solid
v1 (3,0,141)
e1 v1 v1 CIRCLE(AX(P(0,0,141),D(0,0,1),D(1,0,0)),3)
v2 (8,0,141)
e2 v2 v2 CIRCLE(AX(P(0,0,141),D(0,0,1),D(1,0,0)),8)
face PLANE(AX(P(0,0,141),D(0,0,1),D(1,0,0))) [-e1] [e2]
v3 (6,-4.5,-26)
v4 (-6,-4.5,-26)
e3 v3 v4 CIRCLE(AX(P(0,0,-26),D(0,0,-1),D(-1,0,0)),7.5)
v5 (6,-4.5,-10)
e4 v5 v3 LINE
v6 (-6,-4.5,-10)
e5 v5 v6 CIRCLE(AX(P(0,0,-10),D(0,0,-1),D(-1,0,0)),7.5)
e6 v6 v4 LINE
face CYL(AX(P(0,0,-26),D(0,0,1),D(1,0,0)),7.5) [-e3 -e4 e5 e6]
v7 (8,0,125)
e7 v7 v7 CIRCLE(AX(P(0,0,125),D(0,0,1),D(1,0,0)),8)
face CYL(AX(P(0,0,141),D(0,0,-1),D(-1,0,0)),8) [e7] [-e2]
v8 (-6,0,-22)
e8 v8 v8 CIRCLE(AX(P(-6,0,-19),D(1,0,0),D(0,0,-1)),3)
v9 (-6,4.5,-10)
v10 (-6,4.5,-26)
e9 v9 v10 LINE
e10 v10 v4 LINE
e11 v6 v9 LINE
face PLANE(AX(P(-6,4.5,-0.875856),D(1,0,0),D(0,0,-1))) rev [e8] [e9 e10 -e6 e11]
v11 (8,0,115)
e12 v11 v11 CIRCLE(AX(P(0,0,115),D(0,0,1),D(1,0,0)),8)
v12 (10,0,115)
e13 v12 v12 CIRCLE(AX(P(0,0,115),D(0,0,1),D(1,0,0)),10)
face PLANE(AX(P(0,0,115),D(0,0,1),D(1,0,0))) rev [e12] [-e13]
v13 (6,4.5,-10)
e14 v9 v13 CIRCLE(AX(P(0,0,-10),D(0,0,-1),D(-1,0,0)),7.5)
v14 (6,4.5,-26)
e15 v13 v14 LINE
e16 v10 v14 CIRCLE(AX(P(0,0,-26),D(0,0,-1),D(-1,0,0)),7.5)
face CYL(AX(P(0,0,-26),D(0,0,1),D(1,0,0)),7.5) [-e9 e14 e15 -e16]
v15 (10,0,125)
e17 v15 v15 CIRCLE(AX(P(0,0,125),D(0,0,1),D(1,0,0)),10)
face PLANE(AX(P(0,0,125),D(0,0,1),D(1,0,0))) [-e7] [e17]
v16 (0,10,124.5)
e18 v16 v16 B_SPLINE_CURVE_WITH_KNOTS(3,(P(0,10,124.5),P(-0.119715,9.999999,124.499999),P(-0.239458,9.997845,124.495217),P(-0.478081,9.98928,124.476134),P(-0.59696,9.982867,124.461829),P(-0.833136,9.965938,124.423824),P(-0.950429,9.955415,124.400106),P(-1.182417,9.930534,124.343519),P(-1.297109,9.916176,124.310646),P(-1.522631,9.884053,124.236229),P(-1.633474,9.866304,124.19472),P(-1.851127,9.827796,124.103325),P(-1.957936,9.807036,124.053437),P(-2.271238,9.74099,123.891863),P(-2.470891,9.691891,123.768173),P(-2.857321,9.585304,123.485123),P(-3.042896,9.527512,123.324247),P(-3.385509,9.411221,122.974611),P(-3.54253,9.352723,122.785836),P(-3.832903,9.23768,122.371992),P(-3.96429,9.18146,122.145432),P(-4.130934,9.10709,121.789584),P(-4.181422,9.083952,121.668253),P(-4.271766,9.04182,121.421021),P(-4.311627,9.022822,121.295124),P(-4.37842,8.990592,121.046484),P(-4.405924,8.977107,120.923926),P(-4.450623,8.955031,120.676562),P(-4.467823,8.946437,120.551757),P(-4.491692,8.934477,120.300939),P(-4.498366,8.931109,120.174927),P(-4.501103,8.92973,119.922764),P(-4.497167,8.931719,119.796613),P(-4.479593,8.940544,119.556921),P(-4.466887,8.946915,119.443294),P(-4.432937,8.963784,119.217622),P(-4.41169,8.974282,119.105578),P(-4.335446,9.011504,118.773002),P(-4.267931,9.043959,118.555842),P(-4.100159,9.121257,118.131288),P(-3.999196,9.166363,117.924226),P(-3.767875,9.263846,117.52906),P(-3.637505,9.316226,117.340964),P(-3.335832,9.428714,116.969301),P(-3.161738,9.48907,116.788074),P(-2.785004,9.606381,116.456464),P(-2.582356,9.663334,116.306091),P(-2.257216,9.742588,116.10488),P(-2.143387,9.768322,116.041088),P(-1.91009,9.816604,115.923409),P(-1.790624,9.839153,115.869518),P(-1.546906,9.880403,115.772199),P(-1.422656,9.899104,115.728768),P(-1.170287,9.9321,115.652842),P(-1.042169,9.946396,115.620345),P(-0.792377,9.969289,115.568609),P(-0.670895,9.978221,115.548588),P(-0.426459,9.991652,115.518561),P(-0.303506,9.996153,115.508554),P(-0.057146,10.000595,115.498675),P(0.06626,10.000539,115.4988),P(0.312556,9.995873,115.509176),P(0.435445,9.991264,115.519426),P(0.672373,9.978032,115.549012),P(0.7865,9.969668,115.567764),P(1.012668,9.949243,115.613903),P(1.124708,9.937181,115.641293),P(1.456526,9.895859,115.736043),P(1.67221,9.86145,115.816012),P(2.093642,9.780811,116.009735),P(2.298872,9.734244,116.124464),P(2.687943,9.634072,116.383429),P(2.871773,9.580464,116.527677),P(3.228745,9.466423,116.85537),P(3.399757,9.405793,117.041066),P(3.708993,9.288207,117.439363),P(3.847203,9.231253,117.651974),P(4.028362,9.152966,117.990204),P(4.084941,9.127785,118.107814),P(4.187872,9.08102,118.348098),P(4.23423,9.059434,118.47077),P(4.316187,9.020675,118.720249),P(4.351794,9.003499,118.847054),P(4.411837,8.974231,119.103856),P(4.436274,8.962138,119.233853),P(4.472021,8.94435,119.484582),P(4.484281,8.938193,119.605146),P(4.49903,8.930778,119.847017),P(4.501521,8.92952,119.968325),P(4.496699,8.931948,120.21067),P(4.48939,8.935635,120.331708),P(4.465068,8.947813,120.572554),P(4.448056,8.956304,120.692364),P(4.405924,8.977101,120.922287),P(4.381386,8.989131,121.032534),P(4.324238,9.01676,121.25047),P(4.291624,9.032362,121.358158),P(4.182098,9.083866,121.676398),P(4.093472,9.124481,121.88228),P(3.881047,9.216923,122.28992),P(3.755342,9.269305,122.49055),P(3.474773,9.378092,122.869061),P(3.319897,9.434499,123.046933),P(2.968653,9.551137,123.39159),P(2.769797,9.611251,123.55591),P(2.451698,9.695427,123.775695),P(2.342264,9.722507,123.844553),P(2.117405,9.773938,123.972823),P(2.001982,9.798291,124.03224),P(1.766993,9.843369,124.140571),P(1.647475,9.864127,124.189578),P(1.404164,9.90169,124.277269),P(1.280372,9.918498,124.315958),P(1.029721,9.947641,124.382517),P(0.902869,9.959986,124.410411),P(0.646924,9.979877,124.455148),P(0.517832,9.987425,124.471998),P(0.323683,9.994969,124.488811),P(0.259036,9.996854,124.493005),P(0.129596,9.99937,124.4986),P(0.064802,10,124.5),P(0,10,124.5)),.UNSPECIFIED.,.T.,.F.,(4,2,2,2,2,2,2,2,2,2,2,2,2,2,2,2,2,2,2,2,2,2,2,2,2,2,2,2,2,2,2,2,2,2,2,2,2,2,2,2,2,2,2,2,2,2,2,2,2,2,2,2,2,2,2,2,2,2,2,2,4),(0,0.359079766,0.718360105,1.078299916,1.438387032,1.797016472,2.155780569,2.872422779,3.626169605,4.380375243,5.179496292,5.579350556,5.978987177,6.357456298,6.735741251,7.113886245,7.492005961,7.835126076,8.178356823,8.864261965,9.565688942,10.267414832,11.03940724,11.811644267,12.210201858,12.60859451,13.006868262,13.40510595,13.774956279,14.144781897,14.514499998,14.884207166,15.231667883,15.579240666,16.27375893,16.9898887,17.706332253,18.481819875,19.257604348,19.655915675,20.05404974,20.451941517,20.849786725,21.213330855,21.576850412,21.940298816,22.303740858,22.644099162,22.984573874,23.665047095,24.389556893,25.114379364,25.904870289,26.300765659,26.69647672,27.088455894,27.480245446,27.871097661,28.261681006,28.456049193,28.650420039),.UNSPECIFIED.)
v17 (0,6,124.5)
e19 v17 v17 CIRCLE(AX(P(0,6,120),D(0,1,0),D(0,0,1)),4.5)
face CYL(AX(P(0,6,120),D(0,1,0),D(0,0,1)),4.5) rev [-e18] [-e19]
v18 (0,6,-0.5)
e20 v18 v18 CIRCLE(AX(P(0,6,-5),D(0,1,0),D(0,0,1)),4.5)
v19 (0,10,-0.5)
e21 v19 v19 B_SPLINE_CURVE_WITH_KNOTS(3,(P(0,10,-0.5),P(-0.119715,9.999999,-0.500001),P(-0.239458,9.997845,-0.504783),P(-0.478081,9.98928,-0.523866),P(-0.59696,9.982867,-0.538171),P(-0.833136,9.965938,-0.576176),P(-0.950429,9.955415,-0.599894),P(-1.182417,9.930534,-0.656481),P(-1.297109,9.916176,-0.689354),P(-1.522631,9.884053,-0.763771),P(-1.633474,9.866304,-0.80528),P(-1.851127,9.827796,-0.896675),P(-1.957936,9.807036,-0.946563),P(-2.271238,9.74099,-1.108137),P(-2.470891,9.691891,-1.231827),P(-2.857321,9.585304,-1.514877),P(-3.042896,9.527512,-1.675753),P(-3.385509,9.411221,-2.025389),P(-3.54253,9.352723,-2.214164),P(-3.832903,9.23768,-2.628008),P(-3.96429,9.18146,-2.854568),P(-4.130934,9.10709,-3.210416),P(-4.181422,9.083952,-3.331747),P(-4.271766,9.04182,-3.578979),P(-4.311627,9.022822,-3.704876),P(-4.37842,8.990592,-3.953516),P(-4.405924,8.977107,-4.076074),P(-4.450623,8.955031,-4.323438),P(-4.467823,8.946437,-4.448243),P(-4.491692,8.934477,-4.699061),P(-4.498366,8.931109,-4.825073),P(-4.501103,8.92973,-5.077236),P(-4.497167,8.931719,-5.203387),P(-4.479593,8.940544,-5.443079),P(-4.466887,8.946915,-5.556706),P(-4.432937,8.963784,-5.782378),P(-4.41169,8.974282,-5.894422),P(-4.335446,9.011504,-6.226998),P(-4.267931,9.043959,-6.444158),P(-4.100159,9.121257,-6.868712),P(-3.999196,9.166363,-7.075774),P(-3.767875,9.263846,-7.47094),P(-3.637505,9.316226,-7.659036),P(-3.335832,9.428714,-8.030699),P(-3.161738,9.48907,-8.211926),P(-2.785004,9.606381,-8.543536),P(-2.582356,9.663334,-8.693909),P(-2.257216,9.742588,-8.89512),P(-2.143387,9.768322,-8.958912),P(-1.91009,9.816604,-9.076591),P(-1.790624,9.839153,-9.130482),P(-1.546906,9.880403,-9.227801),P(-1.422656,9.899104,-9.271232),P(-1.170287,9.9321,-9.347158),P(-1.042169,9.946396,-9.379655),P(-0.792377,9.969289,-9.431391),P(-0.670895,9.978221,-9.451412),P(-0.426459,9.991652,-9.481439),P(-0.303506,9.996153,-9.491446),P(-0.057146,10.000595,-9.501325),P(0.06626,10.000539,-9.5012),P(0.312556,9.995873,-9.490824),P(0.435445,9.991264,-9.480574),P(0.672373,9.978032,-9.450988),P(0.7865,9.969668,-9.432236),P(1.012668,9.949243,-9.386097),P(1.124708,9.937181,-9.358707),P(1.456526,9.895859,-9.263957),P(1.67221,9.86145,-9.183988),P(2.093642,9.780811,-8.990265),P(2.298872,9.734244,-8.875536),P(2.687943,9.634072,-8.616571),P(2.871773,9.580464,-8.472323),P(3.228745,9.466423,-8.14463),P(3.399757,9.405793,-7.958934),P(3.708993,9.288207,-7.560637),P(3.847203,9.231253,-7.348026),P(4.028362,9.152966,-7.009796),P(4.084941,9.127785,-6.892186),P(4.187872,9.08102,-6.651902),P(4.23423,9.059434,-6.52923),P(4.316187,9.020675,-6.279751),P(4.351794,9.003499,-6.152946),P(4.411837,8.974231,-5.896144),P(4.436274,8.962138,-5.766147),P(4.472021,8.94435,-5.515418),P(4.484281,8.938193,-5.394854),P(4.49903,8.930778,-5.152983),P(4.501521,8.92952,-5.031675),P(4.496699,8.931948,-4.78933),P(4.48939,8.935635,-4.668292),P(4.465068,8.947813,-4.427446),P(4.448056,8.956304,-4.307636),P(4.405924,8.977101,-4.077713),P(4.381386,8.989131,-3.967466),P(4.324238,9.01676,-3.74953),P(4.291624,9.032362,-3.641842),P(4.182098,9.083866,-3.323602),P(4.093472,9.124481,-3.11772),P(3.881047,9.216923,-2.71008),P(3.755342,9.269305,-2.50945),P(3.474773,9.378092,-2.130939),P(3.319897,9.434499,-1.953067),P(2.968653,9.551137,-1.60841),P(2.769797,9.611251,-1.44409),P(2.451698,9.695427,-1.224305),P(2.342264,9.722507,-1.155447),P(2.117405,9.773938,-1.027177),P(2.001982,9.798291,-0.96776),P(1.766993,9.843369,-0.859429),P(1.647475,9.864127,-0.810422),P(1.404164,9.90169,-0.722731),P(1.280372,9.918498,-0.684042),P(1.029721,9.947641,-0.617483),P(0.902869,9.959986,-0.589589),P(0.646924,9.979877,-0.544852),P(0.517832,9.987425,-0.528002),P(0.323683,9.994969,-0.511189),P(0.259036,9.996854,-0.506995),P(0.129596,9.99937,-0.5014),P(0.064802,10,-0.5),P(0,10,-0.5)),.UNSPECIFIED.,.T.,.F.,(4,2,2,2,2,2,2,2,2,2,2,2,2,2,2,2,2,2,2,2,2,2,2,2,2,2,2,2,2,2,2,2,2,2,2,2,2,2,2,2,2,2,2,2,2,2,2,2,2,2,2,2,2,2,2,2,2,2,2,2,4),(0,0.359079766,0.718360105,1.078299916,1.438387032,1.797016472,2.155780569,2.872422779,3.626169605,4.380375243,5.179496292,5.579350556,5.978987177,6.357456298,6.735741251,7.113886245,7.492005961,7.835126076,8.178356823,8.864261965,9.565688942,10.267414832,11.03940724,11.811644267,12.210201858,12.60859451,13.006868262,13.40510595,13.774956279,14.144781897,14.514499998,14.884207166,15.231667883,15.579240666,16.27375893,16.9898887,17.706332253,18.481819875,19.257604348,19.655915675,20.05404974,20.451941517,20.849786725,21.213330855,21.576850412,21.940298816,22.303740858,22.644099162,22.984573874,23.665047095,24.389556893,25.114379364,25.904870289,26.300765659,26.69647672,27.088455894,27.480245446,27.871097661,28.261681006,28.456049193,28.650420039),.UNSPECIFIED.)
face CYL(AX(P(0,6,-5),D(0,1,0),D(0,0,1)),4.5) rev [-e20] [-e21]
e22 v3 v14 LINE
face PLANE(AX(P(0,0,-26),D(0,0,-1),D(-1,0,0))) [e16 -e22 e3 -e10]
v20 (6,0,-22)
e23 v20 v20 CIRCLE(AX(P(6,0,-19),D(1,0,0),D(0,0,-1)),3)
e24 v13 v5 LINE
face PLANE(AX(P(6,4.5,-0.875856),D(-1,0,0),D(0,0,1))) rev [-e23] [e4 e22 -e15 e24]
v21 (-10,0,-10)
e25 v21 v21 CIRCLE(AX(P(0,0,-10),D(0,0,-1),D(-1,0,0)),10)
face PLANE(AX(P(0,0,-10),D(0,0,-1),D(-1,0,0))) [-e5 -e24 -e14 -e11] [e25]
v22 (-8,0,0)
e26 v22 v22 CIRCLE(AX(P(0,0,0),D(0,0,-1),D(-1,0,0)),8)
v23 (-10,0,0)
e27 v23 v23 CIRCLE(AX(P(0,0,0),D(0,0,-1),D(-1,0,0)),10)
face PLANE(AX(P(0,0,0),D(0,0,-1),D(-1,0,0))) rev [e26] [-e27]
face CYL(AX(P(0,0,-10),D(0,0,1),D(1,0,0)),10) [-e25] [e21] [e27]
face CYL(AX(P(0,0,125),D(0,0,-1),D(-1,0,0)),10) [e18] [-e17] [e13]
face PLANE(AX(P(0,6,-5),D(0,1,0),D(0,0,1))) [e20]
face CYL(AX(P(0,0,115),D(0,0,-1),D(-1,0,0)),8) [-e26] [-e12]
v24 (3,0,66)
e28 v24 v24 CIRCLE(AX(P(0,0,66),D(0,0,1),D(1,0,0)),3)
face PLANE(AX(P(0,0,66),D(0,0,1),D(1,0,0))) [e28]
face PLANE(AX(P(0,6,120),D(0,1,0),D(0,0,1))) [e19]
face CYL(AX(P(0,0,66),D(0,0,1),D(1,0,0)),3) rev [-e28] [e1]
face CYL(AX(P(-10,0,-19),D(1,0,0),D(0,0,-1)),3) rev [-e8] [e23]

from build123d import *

# Parameters (mm, degrees)
SKETCH1_R           = 8
BOSS_EXTRUDE1_DEPTH = 115
SKETCH2_R           = 10
BOSS_EXTRUDE2_DEPTH = 10
BOSS_EXTRUDE3_START = 10
SKETCH3_R           = 10
BOSS_EXTRUDE3_DEPTH = 10
SKETCH4_R           = 8
BOSS_EXTRUDE4_DEPTH = 16
SKETCH5_R           = 7.5
BOSS_EXTRUDE5_DEPTH = 16
SKETCH6_R           = 3
CUT_EXTRUDE1_DEPTH  = 75
SKETCH7_R           = 4.5
CUT_EXTRUDE2_DEPTH  = 4
CUT_EXTRUDE3_START  = -16
CUT_EXTRUDE3_DEPTH  = 16
SKETCH9_R           = 3
CUT_EXTRUDE4_DEPTH  = 143.256810049


with BuildPart() as part:
    # Sketch1 → Boss-Extrude1 (new body)
    with BuildSketch(Plane.XY):
        Circle(SKETCH1_R)
    extrude(amount=BOSS_EXTRUDE1_DEPTH)

    # Sketch2 → Boss-Extrude2 (add)
    with BuildSketch(Plane(origin=(0, 0, 0), x_dir=(-1, 0, 0), z_dir=(0, 0, -1))):
        Circle(SKETCH2_R)
    extrude(amount=BOSS_EXTRUDE2_DEPTH)

    # Sketch3 → Boss-Extrude3 (add)
    with BuildSketch(Plane.XY.offset(115).offset(BOSS_EXTRUDE3_START)):
        with Locations(Location((0, 0, 0), (0, 0, 180))):
            Circle(SKETCH3_R)
    extrude(amount=-BOSS_EXTRUDE3_DEPTH)

    # Sketch4 → Boss-Extrude4 (add)
    with BuildSketch(Plane.XY.offset(125)):
        with Locations(Location((0, 0, 0), (0, 0, 180))):
            Circle(SKETCH4_R)
    extrude(amount=BOSS_EXTRUDE4_DEPTH)

    # Sketch5 → Boss-Extrude5 (add)
    with BuildSketch(Plane(origin=(0, 0, -10), x_dir=(-1, 0, 0), z_dir=(0, 0, -1))):
        Circle(SKETCH5_R)
    extrude(amount=BOSS_EXTRUDE5_DEPTH)

    # Sketch6 → Cut-Extrude1 (cut)
    with BuildSketch(Plane.XY.offset(141)):
        Circle(SKETCH6_R)
    extrude(amount=-CUT_EXTRUDE1_DEPTH, mode=Mode.SUBTRACT)

    # Sketch7 → Cut-Extrude2 (cut)
    with BuildSketch(Plane(origin=(0, 10, 0), x_dir=(-1, 0, 0), z_dir=(0, 1, 0))):
        with Locations(Location((0, 120, 0), (0, 0, 90))):
            Circle(SKETCH7_R)
        with Locations(Location((0, -5, 0), (0, 0, 90))):
            Circle(SKETCH7_R)
    extrude(amount=-CUT_EXTRUDE2_DEPTH, mode=Mode.SUBTRACT)

    # Sketch8 → Cut-Extrude3 (cut)
    with BuildSketch(Plane(origin=(0, 0, -26), x_dir=(-1, 0, 0), z_dir=(0, 0, -1)).offset(CUT_EXTRUDE3_START)):
        with BuildLine():
            Line((-6, 4.5), (-6, -4.5))
            ThreePointArc((-6, -4.5), (-7.5, 0), (-6, 4.5))
        make_face()
        with BuildLine():
            Line((6, 4.5), (6, -4.5))
            ThreePointArc((6, -4.5), (7.5, 0), (6, 4.5))
        make_face()
    extrude(amount=CUT_EXTRUDE3_DEPTH, mode=Mode.SUBTRACT)

    # Sketch9 → Cut-Extrude4 (cut, through all)
    with BuildSketch(Plane(origin=(6, 0, 0), x_dir=(0, 0, -1), z_dir=(1, 0, 0))):
        with Locations((19, 0)):
            Circle(SKETCH9_R)
    extrude(amount=-CUT_EXTRUDE4_DEPTH, mode=Mode.SUBTRACT)


solid = part.part
